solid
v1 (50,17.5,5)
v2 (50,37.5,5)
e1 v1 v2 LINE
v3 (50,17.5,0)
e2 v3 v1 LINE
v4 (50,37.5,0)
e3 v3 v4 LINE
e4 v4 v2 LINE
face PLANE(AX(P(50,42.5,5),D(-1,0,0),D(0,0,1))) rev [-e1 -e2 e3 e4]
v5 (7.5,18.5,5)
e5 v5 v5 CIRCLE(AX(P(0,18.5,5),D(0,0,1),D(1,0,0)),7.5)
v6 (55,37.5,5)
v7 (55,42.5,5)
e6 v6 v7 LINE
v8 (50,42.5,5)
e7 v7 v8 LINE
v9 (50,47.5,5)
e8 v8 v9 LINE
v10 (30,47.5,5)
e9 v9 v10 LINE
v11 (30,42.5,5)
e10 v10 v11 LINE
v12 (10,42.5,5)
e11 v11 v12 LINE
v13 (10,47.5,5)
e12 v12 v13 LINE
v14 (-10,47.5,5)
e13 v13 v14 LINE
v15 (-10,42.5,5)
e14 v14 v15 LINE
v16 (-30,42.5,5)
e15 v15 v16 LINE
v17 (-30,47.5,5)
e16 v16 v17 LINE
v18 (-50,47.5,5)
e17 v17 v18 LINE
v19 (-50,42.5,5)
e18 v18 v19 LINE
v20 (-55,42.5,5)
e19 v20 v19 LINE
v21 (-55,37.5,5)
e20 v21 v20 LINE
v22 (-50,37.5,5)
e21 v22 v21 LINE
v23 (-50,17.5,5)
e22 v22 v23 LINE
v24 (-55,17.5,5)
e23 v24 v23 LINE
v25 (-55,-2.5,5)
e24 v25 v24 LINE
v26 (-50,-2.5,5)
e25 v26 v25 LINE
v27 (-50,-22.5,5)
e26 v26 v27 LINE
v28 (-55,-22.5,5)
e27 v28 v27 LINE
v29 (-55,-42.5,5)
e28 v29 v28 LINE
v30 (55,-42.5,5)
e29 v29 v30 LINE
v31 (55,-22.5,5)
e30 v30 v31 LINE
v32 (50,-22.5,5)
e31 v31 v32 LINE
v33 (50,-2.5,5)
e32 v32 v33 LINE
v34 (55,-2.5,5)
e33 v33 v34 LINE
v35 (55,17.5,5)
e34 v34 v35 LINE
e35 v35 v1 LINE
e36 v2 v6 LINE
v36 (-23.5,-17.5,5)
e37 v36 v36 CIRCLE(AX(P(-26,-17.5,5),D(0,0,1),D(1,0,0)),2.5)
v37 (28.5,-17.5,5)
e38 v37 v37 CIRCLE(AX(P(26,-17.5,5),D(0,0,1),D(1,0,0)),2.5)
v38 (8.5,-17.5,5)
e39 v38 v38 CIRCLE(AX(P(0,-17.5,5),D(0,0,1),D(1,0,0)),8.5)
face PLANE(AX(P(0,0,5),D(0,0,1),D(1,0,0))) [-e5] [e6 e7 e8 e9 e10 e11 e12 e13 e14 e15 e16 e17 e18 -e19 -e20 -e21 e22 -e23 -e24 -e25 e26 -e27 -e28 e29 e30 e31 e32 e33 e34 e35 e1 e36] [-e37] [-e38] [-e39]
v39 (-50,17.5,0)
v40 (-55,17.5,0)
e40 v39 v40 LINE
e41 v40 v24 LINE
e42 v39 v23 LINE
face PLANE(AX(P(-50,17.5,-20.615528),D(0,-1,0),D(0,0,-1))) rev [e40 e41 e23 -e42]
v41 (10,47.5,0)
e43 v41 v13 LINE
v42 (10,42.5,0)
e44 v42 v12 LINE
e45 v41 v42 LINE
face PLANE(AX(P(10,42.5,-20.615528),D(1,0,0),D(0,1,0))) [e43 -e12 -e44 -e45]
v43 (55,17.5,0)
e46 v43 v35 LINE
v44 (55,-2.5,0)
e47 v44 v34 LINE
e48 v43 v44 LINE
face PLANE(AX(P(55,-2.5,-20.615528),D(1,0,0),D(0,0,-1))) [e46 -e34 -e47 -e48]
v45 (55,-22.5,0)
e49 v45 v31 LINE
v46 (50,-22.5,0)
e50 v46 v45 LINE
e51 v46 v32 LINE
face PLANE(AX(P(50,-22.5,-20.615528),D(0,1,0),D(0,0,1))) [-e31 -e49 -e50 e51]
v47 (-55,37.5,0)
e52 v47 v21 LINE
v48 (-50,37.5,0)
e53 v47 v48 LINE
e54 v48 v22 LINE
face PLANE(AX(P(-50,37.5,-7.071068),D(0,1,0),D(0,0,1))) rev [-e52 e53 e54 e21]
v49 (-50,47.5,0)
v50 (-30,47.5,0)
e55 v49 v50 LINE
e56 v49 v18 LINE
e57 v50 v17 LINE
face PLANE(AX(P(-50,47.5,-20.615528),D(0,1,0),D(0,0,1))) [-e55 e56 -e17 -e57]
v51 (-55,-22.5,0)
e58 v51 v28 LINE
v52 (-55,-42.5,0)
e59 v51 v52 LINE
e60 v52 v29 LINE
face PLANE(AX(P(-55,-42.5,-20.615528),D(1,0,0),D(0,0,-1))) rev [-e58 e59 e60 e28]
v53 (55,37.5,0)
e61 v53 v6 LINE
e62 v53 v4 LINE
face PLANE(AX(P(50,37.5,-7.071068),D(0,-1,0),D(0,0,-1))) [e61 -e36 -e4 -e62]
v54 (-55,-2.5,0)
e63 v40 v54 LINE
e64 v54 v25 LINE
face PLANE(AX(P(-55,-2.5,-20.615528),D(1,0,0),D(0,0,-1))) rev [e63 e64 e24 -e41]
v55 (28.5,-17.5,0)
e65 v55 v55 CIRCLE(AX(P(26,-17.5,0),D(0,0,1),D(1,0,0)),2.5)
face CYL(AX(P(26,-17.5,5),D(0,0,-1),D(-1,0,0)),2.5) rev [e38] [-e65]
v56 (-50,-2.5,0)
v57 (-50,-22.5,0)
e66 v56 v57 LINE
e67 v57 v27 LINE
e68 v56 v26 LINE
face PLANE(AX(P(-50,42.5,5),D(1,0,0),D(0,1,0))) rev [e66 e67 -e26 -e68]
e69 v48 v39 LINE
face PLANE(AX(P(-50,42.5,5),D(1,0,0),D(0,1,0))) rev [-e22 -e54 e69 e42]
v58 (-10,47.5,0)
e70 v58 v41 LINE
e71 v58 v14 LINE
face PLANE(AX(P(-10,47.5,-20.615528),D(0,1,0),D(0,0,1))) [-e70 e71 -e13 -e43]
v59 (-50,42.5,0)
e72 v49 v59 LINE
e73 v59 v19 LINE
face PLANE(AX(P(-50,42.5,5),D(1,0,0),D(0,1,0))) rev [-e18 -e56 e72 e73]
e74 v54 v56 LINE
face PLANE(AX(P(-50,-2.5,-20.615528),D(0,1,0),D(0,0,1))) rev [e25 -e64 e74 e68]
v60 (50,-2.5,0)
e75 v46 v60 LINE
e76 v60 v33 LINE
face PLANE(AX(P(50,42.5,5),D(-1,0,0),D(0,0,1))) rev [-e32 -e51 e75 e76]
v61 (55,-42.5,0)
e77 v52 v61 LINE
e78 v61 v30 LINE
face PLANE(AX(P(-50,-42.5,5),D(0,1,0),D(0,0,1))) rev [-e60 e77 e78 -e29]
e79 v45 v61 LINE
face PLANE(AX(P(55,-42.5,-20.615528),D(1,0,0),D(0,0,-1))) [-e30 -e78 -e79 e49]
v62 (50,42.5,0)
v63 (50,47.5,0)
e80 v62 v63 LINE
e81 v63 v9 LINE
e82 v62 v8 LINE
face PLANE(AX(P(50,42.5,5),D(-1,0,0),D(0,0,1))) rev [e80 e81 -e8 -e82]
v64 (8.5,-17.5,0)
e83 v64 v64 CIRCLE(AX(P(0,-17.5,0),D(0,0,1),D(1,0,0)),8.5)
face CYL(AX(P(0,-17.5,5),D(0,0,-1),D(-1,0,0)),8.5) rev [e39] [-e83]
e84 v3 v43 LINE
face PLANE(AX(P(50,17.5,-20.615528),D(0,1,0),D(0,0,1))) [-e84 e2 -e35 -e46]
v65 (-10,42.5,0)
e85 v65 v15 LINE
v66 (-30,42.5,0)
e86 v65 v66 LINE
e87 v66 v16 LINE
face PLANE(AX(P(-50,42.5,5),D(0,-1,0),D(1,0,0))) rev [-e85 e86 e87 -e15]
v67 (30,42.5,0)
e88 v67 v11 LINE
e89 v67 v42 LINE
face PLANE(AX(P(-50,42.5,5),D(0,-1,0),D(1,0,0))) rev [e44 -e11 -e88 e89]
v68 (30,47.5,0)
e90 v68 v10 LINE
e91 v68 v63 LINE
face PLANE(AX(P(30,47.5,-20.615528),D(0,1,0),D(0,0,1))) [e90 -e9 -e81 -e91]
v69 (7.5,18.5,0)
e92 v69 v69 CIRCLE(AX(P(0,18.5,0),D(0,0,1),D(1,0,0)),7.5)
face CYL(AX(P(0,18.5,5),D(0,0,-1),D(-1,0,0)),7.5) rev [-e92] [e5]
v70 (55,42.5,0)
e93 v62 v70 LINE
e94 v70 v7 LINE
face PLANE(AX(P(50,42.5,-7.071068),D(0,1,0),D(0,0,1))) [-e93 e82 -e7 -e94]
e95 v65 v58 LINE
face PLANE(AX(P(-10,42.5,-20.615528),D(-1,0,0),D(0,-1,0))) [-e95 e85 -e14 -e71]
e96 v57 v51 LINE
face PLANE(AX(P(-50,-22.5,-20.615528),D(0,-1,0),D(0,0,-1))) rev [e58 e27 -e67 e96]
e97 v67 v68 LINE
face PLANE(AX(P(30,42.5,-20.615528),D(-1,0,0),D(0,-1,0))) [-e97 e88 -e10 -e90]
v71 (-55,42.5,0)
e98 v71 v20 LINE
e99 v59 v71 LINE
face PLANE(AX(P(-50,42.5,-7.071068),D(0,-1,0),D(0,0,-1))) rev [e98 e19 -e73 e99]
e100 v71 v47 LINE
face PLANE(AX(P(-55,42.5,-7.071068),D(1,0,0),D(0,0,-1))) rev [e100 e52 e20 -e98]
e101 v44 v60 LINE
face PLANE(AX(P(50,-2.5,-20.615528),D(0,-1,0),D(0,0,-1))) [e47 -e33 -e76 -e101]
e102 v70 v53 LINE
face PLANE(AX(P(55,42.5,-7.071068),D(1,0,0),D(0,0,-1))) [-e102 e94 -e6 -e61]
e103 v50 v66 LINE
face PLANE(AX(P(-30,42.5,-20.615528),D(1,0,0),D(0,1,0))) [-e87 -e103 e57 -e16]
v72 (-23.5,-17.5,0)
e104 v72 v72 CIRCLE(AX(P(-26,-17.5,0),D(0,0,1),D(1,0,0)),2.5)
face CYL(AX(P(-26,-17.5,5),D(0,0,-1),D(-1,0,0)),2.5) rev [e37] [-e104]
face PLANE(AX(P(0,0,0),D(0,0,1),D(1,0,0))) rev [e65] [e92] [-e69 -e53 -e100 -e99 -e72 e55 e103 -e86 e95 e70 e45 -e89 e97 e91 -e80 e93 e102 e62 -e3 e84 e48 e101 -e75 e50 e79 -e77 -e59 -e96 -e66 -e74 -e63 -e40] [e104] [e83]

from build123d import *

# Parameters (mm, degrees)
SKETCH_1_W                       = 100
SKETCH_1_H                       = 85
SKETCH_1_R                       = 8.5
SKETCH_1_R_2                     = 2.5
SKETCH_1_R_3                     = 7.5
EXTRUDE_1_DEPTH                  = 5
SKETCH_2_W                       = 5
SKETCH_2_H                       = 20
EXTRUDE_2_DEPTH                  = 5
PATTERN_LINEAR_1_COUNT           = 2
PATTERN_LINEAR_1_PITCH           = 40
PATTERN_LINEAR_1_COPY_1_SKETCH_W = 5
PATTERN_LINEAR_1_COPY_1_SKETCH_H = 20
PATTERN_LINEAR_1_COPY_1_DEPTH    = 5
SKETCH_3_W                       = 20
SKETCH_3_H                       = 5
EXTRUDE_3_DEPTH                  = 5
PATTERN_LINEAR_2_COUNT           = 2
PATTERN_LINEAR_2_PITCH           = 40
PATTERN_LINEAR_3_COUNT           = 2
PATTERN_LINEAR_3_PITCH           = 40
SKETCH_5_W                       = 5
SKETCH_5_H                       = 5
EXTRUDE_4_DEPTH                  = 5


with BuildPart() as part:
    # 스케치1 → 보스-돌출1 (new body)
    with BuildSketch(Plane.XY):
        Rectangle(SKETCH_1_W, SKETCH_1_H)
        with Locations((0, -17.5)):
            Circle(SKETCH_1_R, mode=Mode.SUBTRACT)
        with Locations((-26, -17.5)):
            Circle(SKETCH_1_R_2, mode=Mode.SUBTRACT)
        with Locations((26, -17.5)):
            Circle(SKETCH_1_R_2, mode=Mode.SUBTRACT)
        with Locations((0, 18.5)):
            Circle(SKETCH_1_R_3, mode=Mode.SUBTRACT)
    extrude(amount=EXTRUDE_1_DEPTH)

    # 스케치2 → 보스-돌출2 (add)
    with BuildSketch(Plane.XY.offset(5)):
        with Locations((52.5, -32.5)):
            Rectangle(SKETCH_2_W, SKETCH_2_H)
    extrude_2 = extrude(amount=-EXTRUDE_2_DEPTH)

    # 대칭 복사1: 보스-돌출2 across plane
    add(extrude_2.mirror(Plane(origin=(0, 0, 0), x_dir=(0, 0, 1), z_dir=(1, 0, 0))))

    # 선형 패턴1: 보스-돌출2 ×2
    with Locations(*[(0, i * PATTERN_LINEAR_1_PITCH, 0) for i in range(1, PATTERN_LINEAR_1_COUNT)]):
        add(extrude_2)

    # 선형 패턴1 copy 1 sketch → 선형 패턴1 copy 1 (add)
    with BuildSketch(Plane(origin=(0, 40, 5), x_dir=(-1, 0, 0), z_dir=(0, 0, 1))):
        with Locations((52.5, 32.5)):
            Rectangle(PATTERN_LINEAR_1_COPY_1_SKETCH_W, PATTERN_LINEAR_1_COPY_1_SKETCH_H)
    extrude(amount=-PATTERN_LINEAR_1_COPY_1_DEPTH)

    # 스케치3 → 보스-돌출3 (add)
    with BuildSketch(Plane.XY.offset(5)):
        with Locations((0, 45)):
            Rectangle(SKETCH_3_W, SKETCH_3_H)
    extrude_3 = extrude(amount=-EXTRUDE_3_DEPTH)

    # 선형 패턴2: 보스-돌출3 ×2
    with Locations(*[(i * PATTERN_LINEAR_2_PITCH, 0, 0) for i in range(1, PATTERN_LINEAR_2_COUNT)]):
        add(extrude_3)

    # 선형 패턴3: 보스-돌출3 ×2
    with Locations(*[(-i * PATTERN_LINEAR_3_PITCH, 0, 0) for i in range(1, PATTERN_LINEAR_3_COUNT)]):
        add(extrude_3)

    # 스케치5 → 보스-돌출4 (add)
    with BuildSketch(Plane.XY.offset(5)):
        with Locations((52.5, 40)):
            Rectangle(SKETCH_5_W, SKETCH_5_H)
    extrude_4 = extrude(amount=-EXTRUDE_4_DEPTH)

    # 대칭 복사2: 보스-돌출4 across plane
    add(extrude_4.mirror(Plane(origin=(0, 0, 0), x_dir=(0, 0, 1), z_dir=(1, 0, 0))))


solid = part.part
